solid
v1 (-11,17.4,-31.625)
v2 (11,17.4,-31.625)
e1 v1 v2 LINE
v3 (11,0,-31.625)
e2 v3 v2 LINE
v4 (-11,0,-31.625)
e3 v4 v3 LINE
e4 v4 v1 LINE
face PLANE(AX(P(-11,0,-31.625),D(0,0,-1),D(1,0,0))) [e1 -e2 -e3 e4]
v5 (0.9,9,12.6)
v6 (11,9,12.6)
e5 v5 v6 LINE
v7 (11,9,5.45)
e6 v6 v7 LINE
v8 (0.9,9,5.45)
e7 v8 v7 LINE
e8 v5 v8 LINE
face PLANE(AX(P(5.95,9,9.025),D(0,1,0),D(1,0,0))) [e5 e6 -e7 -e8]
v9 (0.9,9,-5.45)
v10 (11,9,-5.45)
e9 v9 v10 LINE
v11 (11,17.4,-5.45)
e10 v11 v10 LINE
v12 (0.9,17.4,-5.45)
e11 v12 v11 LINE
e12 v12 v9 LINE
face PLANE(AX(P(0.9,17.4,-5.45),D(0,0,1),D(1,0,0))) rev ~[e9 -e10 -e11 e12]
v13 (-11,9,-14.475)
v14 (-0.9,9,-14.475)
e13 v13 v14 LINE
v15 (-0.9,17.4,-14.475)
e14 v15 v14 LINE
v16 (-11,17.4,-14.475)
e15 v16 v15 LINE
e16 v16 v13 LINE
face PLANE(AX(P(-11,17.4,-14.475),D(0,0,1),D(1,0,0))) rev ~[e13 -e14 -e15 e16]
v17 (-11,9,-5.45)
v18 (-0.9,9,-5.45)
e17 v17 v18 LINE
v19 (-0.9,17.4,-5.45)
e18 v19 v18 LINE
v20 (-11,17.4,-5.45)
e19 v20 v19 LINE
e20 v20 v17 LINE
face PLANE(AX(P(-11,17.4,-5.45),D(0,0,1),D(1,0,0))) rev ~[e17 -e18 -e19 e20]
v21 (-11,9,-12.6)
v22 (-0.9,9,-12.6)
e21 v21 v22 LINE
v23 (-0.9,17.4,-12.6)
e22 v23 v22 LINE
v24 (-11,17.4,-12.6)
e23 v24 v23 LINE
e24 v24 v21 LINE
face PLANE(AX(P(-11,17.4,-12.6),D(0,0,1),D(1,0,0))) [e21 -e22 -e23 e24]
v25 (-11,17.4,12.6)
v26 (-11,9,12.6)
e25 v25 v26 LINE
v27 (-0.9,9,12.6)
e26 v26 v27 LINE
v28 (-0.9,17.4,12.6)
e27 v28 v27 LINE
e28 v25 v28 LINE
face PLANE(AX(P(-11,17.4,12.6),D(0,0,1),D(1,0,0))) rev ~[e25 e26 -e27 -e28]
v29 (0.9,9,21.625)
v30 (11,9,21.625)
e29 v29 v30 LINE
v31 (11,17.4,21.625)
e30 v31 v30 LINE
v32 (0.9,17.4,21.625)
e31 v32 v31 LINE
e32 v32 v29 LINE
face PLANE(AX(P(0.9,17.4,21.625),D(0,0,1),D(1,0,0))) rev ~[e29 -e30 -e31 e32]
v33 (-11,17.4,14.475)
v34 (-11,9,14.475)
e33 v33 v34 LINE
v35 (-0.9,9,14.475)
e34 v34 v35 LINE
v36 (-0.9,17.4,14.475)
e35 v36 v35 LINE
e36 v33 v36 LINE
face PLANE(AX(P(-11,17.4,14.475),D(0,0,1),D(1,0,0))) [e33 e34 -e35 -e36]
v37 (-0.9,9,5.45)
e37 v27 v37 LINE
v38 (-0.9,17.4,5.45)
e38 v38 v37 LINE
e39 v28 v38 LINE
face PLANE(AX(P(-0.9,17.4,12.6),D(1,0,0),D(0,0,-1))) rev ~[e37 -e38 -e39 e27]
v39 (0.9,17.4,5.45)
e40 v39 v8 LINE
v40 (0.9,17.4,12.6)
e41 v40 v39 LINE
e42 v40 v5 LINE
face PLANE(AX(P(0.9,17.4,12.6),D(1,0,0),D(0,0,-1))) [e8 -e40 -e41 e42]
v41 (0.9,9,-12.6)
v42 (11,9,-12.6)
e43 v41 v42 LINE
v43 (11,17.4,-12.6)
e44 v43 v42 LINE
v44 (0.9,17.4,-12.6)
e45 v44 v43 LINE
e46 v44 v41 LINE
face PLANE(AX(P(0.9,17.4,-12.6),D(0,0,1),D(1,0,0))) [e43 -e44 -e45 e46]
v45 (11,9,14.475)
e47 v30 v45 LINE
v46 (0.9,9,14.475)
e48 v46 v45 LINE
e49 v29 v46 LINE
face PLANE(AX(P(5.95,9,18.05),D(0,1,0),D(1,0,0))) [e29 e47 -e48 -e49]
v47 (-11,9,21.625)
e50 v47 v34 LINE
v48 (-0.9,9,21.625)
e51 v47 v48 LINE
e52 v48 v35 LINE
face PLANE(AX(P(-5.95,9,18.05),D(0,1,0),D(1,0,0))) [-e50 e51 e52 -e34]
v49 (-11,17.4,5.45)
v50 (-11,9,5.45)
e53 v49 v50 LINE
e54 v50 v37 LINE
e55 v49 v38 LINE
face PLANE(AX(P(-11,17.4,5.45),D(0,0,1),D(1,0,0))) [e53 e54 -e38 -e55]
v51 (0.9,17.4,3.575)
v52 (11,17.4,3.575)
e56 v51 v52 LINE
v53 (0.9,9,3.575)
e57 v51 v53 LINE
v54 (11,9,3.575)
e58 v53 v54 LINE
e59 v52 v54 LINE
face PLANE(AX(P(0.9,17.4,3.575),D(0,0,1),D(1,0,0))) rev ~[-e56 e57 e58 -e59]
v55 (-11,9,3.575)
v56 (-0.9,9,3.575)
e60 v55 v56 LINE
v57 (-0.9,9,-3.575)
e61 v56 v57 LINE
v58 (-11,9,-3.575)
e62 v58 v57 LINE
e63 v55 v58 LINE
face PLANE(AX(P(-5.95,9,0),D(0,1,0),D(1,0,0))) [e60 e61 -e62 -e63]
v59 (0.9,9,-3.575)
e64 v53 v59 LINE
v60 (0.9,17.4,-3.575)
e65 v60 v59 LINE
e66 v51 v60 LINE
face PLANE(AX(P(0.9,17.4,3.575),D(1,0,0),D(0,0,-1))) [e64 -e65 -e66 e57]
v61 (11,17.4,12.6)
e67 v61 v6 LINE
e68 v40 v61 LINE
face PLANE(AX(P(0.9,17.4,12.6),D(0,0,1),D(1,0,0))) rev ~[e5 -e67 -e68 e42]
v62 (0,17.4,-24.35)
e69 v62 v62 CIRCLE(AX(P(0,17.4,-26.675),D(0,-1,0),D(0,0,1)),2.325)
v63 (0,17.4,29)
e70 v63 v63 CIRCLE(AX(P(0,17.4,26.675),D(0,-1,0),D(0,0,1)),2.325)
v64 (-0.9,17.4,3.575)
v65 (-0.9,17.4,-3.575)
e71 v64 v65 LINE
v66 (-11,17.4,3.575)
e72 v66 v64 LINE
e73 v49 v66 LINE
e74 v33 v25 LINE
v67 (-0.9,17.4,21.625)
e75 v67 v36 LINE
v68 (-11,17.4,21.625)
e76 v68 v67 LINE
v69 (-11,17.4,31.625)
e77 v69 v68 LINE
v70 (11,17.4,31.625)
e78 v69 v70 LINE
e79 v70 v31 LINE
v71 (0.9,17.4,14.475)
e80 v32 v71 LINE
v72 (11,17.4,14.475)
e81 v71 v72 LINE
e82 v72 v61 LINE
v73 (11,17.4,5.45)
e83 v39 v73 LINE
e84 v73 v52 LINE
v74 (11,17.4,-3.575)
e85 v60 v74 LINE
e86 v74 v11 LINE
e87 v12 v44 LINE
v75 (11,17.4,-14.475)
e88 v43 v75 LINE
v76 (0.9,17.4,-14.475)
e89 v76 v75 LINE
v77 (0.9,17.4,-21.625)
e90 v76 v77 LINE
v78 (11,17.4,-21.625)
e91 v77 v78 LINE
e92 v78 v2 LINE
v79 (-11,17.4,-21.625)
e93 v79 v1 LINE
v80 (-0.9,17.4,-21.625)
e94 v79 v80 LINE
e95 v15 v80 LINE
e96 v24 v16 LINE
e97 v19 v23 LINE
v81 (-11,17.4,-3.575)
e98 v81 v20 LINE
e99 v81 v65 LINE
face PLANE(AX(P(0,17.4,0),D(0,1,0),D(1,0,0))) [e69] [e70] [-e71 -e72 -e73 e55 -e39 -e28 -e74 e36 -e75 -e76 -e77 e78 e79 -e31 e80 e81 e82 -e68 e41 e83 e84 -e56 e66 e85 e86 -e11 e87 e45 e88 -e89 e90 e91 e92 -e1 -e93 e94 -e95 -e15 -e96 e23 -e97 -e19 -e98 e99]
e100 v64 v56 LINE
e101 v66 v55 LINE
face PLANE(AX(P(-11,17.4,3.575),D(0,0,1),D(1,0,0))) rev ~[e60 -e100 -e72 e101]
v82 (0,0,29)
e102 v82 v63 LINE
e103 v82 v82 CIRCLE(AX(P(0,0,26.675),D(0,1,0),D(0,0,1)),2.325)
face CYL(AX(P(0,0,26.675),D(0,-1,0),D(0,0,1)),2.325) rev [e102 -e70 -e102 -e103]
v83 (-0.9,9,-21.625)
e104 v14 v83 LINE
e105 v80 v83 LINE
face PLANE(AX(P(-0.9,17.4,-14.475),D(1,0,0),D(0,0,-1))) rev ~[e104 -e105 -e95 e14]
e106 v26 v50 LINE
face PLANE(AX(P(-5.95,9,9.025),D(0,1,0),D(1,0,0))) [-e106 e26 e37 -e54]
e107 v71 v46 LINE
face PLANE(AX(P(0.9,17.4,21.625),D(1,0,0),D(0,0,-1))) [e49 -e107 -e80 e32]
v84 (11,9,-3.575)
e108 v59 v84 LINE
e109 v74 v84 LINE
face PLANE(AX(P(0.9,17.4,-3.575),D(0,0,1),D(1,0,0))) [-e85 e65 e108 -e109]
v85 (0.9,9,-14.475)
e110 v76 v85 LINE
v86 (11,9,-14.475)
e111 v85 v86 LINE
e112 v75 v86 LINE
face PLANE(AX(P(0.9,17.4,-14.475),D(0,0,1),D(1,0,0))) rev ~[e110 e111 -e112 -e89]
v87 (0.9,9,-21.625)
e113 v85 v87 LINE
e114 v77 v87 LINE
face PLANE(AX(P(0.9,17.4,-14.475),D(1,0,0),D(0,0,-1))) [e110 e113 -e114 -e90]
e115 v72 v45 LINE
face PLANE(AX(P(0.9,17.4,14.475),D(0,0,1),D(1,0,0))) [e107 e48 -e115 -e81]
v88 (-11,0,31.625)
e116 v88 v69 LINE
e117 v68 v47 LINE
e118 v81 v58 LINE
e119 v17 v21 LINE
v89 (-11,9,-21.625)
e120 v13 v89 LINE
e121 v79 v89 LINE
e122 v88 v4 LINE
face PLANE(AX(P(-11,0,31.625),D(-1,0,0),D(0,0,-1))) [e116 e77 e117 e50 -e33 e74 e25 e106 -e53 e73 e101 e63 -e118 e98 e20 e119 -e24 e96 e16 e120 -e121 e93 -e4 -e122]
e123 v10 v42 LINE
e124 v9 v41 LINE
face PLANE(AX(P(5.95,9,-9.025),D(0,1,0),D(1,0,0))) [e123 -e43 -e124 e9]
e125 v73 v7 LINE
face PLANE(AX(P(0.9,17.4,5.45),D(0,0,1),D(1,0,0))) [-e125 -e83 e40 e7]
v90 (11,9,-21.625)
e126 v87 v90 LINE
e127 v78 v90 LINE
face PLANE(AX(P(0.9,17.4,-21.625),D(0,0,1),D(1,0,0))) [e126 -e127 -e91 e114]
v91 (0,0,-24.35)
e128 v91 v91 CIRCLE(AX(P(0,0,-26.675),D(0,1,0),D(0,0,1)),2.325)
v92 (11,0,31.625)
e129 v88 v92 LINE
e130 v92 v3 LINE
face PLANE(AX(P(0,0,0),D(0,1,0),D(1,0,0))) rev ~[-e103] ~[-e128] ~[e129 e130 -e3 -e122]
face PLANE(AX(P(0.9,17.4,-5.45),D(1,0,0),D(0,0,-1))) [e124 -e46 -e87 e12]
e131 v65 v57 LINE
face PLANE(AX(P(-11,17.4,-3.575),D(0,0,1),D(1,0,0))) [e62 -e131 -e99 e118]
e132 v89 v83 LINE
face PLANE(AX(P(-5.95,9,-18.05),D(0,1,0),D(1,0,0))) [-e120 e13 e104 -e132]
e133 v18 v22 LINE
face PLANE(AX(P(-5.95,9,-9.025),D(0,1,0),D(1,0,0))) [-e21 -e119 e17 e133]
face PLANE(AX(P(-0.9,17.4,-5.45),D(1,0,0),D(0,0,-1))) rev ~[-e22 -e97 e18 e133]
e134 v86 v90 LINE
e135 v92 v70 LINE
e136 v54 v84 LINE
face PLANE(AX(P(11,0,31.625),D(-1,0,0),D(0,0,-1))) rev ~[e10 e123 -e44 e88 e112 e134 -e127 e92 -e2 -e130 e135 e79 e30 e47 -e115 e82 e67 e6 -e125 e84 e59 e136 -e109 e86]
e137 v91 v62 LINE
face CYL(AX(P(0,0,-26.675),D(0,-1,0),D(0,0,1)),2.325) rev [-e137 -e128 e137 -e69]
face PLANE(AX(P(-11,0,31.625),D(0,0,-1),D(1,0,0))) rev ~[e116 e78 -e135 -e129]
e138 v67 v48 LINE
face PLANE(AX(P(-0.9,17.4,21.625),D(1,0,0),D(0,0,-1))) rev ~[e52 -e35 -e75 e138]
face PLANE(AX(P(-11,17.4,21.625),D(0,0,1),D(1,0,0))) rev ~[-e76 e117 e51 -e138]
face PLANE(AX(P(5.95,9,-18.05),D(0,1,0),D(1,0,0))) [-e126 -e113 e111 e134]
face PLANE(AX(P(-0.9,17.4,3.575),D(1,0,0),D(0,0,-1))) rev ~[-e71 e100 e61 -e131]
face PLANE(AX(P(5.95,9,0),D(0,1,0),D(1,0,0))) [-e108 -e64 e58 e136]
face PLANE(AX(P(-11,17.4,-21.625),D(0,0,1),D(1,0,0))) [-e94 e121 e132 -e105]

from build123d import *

# Parameters (mm, degrees)
SKETCH1_W           = 22
SKETCH1_H           = 63.25
BOSS_EXTRUDE1_DEPTH = 17.4
SKETCH2_W           = 10.1
SKETCH2_H           = 7.15
CUT_EXTRUDE1_DEPTH  = 8.4
SKETCH3_R           = 2.325
CUT_EXTRUDE2_DEPTH  = 38.734607789


with BuildPart() as part:
    # Sketch1 → Boss-Extrude1 (new body)
    with BuildSketch(Plane(origin=(0, 0, 0), x_dir=(1, 0, 0), z_dir=(0, 1, 0))):
        Rectangle(SKETCH1_W, SKETCH1_H)
    extrude(amount=BOSS_EXTRUDE1_DEPTH)

    # Sketch2 → Cut-Extrude1 (cut)
    with BuildSketch(Plane(origin=(0, 17.4, 0), x_dir=(1, 0, 0), z_dir=(0, 1, 0))):
        with Locations((-5.95, 18.05)):
            Rectangle(SKETCH2_W, SKETCH2_H)
        with Locations((5.95, 18.05)):
            Rectangle(SKETCH2_W, SKETCH2_H)
        with Locations((-5.95, 9.025)):
            Rectangle(SKETCH2_W, SKETCH2_H)
        with Locations((5.95, 9.025)):
            Rectangle(SKETCH2_W, SKETCH2_H)
        with Locations((-5.95, 0)):
            Rectangle(SKETCH2_W, SKETCH2_H)
        with Locations((5.95, 0)):
            Rectangle(SKETCH2_W, SKETCH2_H)
        with Locations((-5.95, -9.025)):
            Rectangle(SKETCH2_W, SKETCH2_H)
        with Locations((5.95, -9.025)):
            Rectangle(SKETCH2_W, SKETCH2_H)
        with Locations((-5.95, -18.05)):
            Rectangle(SKETCH2_W, SKETCH2_H)
        with Locations((5.95, -18.05)):
            Rectangle(SKETCH2_W, SKETCH2_H)
    extrude(amount=-CUT_EXTRUDE1_DEPTH, mode=Mode.SUBTRACT)

    # Sketch3 → Cut-Extrude2 (cut, through all)
    with BuildSketch(Plane(origin=(0, 0, 0), x_dir=(1, 0, 0), z_dir=(0, 1, 0))):
        with Locations(Location((0, 26.675, 0), (0, 0, 270))):
            Circle(SKETCH3_R)
        with Locations(Location((0, -26.675, 0), (0, 0, 270))):
            Circle(SKETCH3_R)
    extrude(amount=CUT_EXTRUDE2_DEPTH, mode=Mode.SUBTRACT)


solid = part.part
